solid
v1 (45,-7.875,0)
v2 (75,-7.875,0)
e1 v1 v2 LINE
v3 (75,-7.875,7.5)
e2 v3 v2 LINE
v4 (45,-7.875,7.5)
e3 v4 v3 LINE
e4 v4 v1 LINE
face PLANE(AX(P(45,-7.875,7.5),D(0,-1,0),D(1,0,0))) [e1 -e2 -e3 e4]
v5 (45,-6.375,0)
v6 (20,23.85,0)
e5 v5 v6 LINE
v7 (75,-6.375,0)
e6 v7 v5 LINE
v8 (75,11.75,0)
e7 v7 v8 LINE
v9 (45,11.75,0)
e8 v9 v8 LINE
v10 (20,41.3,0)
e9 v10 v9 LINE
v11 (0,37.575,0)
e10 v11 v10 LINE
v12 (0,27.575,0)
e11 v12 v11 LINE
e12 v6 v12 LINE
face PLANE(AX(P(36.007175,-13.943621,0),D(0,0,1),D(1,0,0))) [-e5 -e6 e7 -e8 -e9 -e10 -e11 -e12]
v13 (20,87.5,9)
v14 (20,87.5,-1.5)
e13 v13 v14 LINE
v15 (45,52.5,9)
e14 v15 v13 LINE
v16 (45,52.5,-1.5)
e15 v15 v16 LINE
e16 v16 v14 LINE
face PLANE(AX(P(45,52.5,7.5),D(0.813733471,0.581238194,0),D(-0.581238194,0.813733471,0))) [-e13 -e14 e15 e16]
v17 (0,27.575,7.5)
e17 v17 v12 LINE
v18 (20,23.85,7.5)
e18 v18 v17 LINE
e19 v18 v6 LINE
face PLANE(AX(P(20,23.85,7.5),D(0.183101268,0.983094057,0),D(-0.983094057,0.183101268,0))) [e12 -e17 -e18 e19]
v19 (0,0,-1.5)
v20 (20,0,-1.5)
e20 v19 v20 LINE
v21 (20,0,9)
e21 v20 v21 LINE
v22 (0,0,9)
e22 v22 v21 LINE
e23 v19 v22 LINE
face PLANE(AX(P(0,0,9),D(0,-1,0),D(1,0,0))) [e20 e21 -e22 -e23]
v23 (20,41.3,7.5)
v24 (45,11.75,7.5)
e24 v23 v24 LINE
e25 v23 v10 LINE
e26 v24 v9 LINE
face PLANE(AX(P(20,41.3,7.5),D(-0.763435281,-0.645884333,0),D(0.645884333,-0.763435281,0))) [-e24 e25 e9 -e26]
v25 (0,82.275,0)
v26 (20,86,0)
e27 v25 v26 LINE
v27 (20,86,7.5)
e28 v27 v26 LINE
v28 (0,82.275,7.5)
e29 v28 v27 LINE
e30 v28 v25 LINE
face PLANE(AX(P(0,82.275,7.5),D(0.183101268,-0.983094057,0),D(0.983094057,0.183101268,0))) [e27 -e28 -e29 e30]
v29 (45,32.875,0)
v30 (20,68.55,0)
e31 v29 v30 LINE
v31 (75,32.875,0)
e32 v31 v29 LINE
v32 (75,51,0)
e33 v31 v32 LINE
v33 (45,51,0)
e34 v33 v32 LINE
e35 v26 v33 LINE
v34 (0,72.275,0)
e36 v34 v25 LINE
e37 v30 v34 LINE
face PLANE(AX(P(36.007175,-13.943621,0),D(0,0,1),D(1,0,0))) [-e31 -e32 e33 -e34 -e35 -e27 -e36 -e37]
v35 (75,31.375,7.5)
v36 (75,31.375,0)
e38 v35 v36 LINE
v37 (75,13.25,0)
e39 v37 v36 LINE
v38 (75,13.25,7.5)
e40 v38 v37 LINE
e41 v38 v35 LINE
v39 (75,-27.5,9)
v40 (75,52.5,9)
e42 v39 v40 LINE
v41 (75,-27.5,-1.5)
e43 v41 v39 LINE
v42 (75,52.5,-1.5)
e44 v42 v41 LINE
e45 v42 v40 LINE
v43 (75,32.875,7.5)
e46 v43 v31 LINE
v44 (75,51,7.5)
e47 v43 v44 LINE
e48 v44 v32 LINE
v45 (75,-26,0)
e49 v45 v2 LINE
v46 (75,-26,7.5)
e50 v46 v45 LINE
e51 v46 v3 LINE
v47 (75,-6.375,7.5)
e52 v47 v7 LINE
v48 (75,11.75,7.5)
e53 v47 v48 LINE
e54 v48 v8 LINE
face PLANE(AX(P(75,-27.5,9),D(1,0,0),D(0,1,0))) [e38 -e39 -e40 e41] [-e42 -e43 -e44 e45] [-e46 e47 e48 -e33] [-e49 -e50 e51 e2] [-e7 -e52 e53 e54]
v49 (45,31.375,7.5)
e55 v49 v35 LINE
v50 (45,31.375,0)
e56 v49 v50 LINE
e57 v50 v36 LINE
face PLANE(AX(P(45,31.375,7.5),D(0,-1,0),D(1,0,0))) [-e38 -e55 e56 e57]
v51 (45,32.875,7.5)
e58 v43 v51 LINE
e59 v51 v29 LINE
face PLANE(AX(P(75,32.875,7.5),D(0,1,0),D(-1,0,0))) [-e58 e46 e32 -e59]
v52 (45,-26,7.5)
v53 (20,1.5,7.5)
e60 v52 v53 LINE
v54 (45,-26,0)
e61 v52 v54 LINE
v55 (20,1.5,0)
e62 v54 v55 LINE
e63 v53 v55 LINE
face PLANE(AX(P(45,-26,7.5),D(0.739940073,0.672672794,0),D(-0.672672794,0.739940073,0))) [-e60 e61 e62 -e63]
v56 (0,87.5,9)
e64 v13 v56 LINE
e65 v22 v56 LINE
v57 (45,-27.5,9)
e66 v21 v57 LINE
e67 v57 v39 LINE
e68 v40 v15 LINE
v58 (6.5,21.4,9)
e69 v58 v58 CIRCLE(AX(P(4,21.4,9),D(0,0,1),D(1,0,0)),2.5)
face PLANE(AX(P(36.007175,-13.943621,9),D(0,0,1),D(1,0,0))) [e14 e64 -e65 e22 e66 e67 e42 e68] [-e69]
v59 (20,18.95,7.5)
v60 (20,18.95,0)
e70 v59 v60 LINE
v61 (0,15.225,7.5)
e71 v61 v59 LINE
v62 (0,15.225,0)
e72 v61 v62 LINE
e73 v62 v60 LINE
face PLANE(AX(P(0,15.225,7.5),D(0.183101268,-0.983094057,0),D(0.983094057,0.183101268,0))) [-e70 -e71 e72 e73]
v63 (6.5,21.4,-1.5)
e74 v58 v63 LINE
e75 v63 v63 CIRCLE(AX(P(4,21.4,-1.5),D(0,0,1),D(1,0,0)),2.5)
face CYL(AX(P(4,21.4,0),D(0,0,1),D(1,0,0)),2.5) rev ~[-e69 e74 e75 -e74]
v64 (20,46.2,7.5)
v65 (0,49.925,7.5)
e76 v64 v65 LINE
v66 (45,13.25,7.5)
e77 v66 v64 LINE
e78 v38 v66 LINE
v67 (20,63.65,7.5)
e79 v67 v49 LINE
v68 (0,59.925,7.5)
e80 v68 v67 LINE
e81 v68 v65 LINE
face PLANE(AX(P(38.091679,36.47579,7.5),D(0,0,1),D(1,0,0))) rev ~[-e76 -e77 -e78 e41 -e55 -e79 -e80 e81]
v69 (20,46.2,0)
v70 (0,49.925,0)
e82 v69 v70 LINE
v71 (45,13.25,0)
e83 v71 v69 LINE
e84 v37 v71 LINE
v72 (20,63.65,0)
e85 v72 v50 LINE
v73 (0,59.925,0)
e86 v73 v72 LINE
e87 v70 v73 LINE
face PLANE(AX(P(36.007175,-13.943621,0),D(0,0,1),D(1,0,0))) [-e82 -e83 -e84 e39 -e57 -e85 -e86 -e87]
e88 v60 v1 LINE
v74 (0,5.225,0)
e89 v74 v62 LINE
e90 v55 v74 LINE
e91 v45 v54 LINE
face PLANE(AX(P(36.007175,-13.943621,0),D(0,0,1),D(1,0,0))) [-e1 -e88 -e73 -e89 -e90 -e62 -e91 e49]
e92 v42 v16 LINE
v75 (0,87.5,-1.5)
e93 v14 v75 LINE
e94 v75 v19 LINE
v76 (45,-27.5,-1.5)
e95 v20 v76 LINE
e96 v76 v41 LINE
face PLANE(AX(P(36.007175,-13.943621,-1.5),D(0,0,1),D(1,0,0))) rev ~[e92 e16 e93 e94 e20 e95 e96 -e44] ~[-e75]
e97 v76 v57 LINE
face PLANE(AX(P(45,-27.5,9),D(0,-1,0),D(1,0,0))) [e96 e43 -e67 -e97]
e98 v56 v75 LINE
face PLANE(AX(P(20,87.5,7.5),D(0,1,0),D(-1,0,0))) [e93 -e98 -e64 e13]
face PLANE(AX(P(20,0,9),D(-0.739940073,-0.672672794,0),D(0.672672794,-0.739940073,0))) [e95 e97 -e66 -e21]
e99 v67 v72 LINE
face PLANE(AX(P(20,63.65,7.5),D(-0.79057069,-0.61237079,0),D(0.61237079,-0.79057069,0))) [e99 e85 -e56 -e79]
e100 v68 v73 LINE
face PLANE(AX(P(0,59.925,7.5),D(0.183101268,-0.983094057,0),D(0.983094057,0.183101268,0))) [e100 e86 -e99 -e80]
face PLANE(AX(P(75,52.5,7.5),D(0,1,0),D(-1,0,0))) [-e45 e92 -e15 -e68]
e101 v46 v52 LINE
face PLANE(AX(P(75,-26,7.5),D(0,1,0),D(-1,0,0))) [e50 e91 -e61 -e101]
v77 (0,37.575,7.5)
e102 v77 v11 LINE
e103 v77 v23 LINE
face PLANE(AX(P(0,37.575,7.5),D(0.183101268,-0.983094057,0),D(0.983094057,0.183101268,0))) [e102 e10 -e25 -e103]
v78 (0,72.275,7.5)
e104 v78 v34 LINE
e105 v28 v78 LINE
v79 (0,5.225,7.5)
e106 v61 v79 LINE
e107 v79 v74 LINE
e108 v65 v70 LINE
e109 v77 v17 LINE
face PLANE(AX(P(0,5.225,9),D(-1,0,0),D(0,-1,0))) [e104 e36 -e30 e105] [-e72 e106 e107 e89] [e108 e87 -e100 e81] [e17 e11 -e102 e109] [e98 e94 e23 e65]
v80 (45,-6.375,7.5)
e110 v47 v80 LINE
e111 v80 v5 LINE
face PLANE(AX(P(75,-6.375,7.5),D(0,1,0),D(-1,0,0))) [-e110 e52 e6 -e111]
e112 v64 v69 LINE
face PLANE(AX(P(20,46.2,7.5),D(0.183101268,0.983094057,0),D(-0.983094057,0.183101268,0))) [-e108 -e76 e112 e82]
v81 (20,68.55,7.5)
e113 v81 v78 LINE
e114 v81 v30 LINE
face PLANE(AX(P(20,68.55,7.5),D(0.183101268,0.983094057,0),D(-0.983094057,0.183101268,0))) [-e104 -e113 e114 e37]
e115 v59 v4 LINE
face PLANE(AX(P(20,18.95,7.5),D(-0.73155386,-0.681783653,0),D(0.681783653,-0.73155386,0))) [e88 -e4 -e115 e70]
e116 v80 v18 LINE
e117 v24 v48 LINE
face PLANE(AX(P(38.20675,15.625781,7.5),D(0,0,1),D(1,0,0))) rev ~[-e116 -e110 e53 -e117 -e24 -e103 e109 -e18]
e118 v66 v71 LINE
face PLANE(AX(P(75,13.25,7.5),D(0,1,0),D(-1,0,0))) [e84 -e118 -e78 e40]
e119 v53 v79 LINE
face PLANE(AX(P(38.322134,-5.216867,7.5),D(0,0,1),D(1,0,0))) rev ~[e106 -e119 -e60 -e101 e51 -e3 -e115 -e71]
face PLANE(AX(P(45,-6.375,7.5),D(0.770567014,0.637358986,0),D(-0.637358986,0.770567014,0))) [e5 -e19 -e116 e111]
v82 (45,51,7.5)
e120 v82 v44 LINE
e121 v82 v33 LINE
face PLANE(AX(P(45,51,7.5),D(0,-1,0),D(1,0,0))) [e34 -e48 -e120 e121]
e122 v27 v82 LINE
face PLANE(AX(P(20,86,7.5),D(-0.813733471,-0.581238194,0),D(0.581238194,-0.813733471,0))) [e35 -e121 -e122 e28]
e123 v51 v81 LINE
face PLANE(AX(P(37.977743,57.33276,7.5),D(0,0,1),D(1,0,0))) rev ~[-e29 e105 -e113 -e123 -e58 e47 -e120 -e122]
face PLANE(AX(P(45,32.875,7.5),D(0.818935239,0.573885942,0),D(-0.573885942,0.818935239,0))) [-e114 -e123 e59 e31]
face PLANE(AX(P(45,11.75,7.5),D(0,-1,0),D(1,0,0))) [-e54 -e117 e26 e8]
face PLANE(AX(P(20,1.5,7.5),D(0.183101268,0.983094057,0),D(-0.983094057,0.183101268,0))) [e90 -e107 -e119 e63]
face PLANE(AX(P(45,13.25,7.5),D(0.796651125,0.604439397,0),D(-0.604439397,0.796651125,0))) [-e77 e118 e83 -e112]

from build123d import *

# Parameters (mm, degrees)
SKETCH1_R           = 2.5
BOSS_EXTRUDE1_DEPTH = 1.5
BOSS_EXTRUDE2_START = 7.5
SKETCH1_13_R        = 2.5
BOSS_EXTRUDE2_DEPTH = 7.5
BOSS_EXTRUDE3_START = 9
SKETCH1_14_R        = 2.5
BOSS_EXTRUDE3_DEPTH = 1.5


with BuildPart() as part:
    # Sketch1 → Boss-Extrude1 (new body)
    with BuildSketch(Plane.XY):
        Polygon((0, 0), (20, 0), (45, -27.5), (75, -27.5), (75, 52.5), (45, 52.5), (20, 87.5), (0, 87.5), align=None)
        with Locations((4, 21.4)):
            Circle(SKETCH1_R, mode=Mode.SUBTRACT)
    extrude(amount=-BOSS_EXTRUDE1_DEPTH)

    # Sketch1<13> → Boss-Extrude2 (add)
    # profile 1 of 5: a face of its own
    with BuildSketch(Plane.XY.offset(BOSS_EXTRUDE2_START)):
        Polygon((0, 5.225), (0, 0), (20, 0), (45, -27.5), (75, -27.5), (75, -26), (45, -26), (20, 1.5), align=None)
    # profile 2 of 5: a face of its own
    with BuildSketch(Plane.XY.offset(BOSS_EXTRUDE2_START)):
        Polygon((0, 27.575), (0, 15.225), (20, 18.95), (45, -7.875), (75, -7.875), (75, -6.375), (45, -6.375), (20, 23.85), align=None)
        with Locations((4, 21.4)):
            Circle(SKETCH1_13_R, mode=Mode.SUBTRACT)
    # profile 3 of 5: a face of its own
    with BuildSketch(Plane.XY.offset(BOSS_EXTRUDE2_START)):
        Polygon((0, 49.925), (0, 37.575), (20, 41.3), (45, 11.75), (75, 11.75), (75, 13.25), (45, 13.25), (20, 46.2), align=None)
    # profile 4 of 5: a face of its own
    with BuildSketch(Plane.XY.offset(BOSS_EXTRUDE2_START)):
        Polygon((0, 72.275), (0, 59.925), (20, 63.65), (45, 31.375), (75, 31.375), (75, 32.875), (45, 32.875), (20, 68.55), align=None)
    # profile 5 of 5: a face of its own
    with BuildSketch(Plane.XY.offset(BOSS_EXTRUDE2_START)):
        Polygon((0, 87.5), (0, 82.275), (20, 86), (45, 51), (75, 51), (75, 52.5), (45, 52.5), (20, 87.5), align=None)
    extrude(amount=-BOSS_EXTRUDE2_DEPTH)

    # Sketch1<14> → Boss-Extrude3 (add)
    with BuildSketch(Plane.XY.offset(BOSS_EXTRUDE3_START)):
        Polygon((0, 0), (20, 0), (45, -27.5), (75, -27.5), (75, 52.5), (45, 52.5), (20, 87.5), (0, 87.5), align=None)
        with Locations((4, 21.4)):
            Circle(SKETCH1_14_R, mode=Mode.SUBTRACT)
    extrude(amount=-BOSS_EXTRUDE3_DEPTH)


solid = part.part
